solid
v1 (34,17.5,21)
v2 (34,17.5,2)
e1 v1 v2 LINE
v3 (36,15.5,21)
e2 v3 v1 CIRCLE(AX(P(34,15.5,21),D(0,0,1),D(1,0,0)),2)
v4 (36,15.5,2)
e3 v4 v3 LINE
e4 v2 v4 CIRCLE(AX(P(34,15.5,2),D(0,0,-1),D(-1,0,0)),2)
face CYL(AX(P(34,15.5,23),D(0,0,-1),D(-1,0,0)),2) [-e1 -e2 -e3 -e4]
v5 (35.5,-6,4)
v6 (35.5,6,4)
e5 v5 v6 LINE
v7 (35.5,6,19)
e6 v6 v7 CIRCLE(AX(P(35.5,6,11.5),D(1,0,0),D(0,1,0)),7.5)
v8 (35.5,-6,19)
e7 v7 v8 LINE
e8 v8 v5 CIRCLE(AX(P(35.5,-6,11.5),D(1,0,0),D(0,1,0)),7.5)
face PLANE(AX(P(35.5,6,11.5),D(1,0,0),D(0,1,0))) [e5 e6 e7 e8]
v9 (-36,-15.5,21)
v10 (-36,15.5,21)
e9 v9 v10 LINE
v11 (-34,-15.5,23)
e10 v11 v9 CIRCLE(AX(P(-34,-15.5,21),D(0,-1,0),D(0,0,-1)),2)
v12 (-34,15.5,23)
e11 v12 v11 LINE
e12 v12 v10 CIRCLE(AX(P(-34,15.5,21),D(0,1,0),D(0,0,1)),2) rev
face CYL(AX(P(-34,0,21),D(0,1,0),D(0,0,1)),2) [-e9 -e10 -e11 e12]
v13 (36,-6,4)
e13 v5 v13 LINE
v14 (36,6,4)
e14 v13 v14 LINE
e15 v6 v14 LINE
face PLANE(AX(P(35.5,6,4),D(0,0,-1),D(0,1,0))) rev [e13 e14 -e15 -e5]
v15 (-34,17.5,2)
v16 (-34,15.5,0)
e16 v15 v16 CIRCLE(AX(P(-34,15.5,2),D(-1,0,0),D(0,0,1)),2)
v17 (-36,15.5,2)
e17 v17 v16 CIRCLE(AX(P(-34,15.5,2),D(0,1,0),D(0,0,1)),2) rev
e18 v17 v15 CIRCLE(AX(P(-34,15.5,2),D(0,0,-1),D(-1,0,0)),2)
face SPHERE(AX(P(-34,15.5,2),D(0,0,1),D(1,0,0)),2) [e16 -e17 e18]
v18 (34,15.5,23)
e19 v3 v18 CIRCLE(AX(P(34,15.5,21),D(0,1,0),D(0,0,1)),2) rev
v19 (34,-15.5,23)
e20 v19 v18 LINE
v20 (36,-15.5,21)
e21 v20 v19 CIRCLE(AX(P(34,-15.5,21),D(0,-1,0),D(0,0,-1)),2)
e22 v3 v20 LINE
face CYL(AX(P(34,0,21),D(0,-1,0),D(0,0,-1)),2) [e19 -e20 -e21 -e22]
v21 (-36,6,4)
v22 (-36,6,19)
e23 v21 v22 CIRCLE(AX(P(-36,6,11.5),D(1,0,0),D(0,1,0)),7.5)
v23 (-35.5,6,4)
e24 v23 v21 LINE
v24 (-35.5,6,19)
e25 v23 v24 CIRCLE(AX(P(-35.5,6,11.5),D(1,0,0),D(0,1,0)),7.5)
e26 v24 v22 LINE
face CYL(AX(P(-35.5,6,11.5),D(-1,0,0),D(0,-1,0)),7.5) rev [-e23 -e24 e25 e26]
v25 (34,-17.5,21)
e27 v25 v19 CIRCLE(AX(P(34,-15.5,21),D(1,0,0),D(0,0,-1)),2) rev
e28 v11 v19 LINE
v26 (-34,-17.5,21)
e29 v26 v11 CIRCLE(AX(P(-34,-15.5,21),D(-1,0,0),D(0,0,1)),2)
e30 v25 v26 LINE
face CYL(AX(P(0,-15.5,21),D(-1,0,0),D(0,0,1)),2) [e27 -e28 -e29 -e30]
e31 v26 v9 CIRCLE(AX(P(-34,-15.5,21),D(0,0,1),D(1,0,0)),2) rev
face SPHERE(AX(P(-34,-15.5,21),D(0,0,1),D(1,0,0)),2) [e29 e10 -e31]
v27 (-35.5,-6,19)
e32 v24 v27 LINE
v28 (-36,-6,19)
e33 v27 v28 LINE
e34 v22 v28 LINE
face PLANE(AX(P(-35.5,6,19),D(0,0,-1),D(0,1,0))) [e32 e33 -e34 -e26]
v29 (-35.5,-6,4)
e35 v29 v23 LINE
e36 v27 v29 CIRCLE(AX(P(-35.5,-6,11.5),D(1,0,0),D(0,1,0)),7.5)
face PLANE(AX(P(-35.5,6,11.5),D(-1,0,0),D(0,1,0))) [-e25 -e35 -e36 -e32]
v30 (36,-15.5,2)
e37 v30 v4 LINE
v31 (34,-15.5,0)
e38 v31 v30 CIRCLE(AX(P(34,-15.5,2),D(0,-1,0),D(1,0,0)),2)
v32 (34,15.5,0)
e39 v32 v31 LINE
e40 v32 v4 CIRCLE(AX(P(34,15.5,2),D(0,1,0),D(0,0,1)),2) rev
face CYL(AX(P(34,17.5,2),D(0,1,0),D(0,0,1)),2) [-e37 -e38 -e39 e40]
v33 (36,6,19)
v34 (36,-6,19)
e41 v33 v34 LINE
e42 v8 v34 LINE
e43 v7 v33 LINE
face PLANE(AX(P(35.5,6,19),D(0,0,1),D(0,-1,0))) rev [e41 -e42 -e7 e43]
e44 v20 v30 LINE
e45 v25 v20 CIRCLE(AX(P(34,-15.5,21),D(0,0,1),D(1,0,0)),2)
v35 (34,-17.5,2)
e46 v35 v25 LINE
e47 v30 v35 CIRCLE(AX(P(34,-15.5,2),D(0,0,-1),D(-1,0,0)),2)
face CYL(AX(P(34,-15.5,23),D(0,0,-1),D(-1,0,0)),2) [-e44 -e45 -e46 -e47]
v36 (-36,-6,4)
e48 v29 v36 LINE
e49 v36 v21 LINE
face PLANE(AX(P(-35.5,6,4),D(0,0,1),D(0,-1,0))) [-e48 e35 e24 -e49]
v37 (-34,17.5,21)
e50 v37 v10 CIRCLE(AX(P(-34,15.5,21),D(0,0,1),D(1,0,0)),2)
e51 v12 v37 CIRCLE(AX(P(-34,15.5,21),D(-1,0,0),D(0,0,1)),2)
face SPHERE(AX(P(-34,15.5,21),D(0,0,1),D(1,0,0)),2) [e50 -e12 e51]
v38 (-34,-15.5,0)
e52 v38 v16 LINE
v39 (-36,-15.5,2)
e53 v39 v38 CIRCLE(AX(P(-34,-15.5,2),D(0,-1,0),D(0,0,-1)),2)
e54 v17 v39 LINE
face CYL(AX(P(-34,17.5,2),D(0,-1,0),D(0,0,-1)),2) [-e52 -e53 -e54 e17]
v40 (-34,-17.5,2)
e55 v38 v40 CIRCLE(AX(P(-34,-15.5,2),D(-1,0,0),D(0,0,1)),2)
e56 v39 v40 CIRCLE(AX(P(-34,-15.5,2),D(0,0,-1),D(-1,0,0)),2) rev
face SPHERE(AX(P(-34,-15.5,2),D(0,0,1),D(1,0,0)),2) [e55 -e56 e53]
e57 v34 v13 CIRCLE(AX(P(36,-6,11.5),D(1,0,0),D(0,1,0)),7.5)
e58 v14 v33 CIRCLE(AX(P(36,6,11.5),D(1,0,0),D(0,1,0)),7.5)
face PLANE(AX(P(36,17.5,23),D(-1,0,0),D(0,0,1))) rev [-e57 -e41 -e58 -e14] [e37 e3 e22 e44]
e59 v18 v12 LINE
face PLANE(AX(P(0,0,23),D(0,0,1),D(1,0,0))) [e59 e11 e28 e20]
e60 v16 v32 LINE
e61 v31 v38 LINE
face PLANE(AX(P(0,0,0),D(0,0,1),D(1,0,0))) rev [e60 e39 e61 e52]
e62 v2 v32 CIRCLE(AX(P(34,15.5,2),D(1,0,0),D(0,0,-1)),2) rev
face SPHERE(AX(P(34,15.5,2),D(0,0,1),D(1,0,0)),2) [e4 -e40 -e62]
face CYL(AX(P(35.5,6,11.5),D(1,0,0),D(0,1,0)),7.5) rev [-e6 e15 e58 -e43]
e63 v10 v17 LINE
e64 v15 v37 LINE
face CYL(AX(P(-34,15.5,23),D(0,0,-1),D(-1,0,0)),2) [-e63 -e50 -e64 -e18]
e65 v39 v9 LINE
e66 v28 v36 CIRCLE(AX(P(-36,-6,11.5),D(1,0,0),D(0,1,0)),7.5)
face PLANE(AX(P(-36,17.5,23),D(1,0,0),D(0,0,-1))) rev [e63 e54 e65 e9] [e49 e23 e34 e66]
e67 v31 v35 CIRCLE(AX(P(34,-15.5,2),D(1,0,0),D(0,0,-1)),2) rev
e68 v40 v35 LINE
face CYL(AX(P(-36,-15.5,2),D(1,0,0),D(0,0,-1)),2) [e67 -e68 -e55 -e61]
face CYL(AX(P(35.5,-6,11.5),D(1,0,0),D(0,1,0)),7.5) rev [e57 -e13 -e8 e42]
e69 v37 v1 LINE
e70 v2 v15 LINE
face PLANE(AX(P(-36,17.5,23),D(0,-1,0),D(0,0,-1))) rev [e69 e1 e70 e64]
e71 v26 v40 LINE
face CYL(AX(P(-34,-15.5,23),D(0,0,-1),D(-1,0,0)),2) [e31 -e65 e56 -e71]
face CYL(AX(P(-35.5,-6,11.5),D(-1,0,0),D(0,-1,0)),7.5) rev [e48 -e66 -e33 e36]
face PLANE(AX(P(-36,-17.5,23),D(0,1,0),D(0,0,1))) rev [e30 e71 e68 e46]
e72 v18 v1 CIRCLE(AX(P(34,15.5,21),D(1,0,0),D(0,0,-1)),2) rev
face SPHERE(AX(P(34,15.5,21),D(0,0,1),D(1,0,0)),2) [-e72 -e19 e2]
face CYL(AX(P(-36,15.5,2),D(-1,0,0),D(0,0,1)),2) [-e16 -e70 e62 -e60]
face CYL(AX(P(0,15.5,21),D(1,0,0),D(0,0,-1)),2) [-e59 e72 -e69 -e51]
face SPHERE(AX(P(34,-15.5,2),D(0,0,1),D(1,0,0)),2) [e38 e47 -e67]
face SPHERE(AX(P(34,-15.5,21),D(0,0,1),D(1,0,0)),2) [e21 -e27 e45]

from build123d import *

# Parameters (mm, degrees)
ESBO_O1_W                = 72
ESBO_O1_H                = 35
RESSALTO_EXTRUS_O1_DEPTH = 23
CORTE_EXTRUS_O1_DEPTH    = 0.5
FILETE1_R                = 2


with BuildPart() as part:
    # Esboço1 → Ressalto-extrusão1 (new body)
    with BuildSketch(Plane.XY):
        Rectangle(ESBO_O1_W, ESBO_O1_H)
    extrude(amount=RESSALTO_EXTRUS_O1_DEPTH)

    # Esboço2 → Corte-extrusão1 (cut)
    with BuildSketch(Plane(origin=(36, 0, 0), x_dir=(0, 0, -1), z_dir=(1, 0, 0))):
        with BuildLine():
            Line((-4, 6), (-4, -6))
            ThreePointArc((-4, -6), (-11.5, -13.5), (-19, -6))
            Line((-19, -6), (-19, 6))
            ThreePointArc((-19, 6), (-11.5, 13.5), (-4, 6))
        make_face()
    corte_extrus_o1 = extrude(amount=-CORTE_EXTRUS_O1_DEPTH, mode=Mode.SUBTRACT)

    # Espelhar1: Corte-extrusão1 across plane
    add(corte_extrus_o1.mirror(Plane(origin=(0, 0, 0), x_dir=(0, 0, 1), z_dir=(1, 0, 0))), mode=Mode.SUBTRACT)

    # Filete1
    filete1_edges = [part.edges().sort_by_distance(p)[0] for p in [
        (-36, 0, 23),
        (0, -17.5, 23),
        (36, 0, 23),
        (0, -17.5, 0),
        (-36, 0, 0),
        (0, 17.5, 0),
        (36, 0, 0),
        (0, 17.5, 23),
        (36, -17.5, 11.5),
        (-36, -17.5, 11.5),
        (-36, 17.5, 11.5),
        (36, 17.5, 11.5),
    ]]
    fillet(filete1_edges, radius=FILETE1_R)


solid = part.part
